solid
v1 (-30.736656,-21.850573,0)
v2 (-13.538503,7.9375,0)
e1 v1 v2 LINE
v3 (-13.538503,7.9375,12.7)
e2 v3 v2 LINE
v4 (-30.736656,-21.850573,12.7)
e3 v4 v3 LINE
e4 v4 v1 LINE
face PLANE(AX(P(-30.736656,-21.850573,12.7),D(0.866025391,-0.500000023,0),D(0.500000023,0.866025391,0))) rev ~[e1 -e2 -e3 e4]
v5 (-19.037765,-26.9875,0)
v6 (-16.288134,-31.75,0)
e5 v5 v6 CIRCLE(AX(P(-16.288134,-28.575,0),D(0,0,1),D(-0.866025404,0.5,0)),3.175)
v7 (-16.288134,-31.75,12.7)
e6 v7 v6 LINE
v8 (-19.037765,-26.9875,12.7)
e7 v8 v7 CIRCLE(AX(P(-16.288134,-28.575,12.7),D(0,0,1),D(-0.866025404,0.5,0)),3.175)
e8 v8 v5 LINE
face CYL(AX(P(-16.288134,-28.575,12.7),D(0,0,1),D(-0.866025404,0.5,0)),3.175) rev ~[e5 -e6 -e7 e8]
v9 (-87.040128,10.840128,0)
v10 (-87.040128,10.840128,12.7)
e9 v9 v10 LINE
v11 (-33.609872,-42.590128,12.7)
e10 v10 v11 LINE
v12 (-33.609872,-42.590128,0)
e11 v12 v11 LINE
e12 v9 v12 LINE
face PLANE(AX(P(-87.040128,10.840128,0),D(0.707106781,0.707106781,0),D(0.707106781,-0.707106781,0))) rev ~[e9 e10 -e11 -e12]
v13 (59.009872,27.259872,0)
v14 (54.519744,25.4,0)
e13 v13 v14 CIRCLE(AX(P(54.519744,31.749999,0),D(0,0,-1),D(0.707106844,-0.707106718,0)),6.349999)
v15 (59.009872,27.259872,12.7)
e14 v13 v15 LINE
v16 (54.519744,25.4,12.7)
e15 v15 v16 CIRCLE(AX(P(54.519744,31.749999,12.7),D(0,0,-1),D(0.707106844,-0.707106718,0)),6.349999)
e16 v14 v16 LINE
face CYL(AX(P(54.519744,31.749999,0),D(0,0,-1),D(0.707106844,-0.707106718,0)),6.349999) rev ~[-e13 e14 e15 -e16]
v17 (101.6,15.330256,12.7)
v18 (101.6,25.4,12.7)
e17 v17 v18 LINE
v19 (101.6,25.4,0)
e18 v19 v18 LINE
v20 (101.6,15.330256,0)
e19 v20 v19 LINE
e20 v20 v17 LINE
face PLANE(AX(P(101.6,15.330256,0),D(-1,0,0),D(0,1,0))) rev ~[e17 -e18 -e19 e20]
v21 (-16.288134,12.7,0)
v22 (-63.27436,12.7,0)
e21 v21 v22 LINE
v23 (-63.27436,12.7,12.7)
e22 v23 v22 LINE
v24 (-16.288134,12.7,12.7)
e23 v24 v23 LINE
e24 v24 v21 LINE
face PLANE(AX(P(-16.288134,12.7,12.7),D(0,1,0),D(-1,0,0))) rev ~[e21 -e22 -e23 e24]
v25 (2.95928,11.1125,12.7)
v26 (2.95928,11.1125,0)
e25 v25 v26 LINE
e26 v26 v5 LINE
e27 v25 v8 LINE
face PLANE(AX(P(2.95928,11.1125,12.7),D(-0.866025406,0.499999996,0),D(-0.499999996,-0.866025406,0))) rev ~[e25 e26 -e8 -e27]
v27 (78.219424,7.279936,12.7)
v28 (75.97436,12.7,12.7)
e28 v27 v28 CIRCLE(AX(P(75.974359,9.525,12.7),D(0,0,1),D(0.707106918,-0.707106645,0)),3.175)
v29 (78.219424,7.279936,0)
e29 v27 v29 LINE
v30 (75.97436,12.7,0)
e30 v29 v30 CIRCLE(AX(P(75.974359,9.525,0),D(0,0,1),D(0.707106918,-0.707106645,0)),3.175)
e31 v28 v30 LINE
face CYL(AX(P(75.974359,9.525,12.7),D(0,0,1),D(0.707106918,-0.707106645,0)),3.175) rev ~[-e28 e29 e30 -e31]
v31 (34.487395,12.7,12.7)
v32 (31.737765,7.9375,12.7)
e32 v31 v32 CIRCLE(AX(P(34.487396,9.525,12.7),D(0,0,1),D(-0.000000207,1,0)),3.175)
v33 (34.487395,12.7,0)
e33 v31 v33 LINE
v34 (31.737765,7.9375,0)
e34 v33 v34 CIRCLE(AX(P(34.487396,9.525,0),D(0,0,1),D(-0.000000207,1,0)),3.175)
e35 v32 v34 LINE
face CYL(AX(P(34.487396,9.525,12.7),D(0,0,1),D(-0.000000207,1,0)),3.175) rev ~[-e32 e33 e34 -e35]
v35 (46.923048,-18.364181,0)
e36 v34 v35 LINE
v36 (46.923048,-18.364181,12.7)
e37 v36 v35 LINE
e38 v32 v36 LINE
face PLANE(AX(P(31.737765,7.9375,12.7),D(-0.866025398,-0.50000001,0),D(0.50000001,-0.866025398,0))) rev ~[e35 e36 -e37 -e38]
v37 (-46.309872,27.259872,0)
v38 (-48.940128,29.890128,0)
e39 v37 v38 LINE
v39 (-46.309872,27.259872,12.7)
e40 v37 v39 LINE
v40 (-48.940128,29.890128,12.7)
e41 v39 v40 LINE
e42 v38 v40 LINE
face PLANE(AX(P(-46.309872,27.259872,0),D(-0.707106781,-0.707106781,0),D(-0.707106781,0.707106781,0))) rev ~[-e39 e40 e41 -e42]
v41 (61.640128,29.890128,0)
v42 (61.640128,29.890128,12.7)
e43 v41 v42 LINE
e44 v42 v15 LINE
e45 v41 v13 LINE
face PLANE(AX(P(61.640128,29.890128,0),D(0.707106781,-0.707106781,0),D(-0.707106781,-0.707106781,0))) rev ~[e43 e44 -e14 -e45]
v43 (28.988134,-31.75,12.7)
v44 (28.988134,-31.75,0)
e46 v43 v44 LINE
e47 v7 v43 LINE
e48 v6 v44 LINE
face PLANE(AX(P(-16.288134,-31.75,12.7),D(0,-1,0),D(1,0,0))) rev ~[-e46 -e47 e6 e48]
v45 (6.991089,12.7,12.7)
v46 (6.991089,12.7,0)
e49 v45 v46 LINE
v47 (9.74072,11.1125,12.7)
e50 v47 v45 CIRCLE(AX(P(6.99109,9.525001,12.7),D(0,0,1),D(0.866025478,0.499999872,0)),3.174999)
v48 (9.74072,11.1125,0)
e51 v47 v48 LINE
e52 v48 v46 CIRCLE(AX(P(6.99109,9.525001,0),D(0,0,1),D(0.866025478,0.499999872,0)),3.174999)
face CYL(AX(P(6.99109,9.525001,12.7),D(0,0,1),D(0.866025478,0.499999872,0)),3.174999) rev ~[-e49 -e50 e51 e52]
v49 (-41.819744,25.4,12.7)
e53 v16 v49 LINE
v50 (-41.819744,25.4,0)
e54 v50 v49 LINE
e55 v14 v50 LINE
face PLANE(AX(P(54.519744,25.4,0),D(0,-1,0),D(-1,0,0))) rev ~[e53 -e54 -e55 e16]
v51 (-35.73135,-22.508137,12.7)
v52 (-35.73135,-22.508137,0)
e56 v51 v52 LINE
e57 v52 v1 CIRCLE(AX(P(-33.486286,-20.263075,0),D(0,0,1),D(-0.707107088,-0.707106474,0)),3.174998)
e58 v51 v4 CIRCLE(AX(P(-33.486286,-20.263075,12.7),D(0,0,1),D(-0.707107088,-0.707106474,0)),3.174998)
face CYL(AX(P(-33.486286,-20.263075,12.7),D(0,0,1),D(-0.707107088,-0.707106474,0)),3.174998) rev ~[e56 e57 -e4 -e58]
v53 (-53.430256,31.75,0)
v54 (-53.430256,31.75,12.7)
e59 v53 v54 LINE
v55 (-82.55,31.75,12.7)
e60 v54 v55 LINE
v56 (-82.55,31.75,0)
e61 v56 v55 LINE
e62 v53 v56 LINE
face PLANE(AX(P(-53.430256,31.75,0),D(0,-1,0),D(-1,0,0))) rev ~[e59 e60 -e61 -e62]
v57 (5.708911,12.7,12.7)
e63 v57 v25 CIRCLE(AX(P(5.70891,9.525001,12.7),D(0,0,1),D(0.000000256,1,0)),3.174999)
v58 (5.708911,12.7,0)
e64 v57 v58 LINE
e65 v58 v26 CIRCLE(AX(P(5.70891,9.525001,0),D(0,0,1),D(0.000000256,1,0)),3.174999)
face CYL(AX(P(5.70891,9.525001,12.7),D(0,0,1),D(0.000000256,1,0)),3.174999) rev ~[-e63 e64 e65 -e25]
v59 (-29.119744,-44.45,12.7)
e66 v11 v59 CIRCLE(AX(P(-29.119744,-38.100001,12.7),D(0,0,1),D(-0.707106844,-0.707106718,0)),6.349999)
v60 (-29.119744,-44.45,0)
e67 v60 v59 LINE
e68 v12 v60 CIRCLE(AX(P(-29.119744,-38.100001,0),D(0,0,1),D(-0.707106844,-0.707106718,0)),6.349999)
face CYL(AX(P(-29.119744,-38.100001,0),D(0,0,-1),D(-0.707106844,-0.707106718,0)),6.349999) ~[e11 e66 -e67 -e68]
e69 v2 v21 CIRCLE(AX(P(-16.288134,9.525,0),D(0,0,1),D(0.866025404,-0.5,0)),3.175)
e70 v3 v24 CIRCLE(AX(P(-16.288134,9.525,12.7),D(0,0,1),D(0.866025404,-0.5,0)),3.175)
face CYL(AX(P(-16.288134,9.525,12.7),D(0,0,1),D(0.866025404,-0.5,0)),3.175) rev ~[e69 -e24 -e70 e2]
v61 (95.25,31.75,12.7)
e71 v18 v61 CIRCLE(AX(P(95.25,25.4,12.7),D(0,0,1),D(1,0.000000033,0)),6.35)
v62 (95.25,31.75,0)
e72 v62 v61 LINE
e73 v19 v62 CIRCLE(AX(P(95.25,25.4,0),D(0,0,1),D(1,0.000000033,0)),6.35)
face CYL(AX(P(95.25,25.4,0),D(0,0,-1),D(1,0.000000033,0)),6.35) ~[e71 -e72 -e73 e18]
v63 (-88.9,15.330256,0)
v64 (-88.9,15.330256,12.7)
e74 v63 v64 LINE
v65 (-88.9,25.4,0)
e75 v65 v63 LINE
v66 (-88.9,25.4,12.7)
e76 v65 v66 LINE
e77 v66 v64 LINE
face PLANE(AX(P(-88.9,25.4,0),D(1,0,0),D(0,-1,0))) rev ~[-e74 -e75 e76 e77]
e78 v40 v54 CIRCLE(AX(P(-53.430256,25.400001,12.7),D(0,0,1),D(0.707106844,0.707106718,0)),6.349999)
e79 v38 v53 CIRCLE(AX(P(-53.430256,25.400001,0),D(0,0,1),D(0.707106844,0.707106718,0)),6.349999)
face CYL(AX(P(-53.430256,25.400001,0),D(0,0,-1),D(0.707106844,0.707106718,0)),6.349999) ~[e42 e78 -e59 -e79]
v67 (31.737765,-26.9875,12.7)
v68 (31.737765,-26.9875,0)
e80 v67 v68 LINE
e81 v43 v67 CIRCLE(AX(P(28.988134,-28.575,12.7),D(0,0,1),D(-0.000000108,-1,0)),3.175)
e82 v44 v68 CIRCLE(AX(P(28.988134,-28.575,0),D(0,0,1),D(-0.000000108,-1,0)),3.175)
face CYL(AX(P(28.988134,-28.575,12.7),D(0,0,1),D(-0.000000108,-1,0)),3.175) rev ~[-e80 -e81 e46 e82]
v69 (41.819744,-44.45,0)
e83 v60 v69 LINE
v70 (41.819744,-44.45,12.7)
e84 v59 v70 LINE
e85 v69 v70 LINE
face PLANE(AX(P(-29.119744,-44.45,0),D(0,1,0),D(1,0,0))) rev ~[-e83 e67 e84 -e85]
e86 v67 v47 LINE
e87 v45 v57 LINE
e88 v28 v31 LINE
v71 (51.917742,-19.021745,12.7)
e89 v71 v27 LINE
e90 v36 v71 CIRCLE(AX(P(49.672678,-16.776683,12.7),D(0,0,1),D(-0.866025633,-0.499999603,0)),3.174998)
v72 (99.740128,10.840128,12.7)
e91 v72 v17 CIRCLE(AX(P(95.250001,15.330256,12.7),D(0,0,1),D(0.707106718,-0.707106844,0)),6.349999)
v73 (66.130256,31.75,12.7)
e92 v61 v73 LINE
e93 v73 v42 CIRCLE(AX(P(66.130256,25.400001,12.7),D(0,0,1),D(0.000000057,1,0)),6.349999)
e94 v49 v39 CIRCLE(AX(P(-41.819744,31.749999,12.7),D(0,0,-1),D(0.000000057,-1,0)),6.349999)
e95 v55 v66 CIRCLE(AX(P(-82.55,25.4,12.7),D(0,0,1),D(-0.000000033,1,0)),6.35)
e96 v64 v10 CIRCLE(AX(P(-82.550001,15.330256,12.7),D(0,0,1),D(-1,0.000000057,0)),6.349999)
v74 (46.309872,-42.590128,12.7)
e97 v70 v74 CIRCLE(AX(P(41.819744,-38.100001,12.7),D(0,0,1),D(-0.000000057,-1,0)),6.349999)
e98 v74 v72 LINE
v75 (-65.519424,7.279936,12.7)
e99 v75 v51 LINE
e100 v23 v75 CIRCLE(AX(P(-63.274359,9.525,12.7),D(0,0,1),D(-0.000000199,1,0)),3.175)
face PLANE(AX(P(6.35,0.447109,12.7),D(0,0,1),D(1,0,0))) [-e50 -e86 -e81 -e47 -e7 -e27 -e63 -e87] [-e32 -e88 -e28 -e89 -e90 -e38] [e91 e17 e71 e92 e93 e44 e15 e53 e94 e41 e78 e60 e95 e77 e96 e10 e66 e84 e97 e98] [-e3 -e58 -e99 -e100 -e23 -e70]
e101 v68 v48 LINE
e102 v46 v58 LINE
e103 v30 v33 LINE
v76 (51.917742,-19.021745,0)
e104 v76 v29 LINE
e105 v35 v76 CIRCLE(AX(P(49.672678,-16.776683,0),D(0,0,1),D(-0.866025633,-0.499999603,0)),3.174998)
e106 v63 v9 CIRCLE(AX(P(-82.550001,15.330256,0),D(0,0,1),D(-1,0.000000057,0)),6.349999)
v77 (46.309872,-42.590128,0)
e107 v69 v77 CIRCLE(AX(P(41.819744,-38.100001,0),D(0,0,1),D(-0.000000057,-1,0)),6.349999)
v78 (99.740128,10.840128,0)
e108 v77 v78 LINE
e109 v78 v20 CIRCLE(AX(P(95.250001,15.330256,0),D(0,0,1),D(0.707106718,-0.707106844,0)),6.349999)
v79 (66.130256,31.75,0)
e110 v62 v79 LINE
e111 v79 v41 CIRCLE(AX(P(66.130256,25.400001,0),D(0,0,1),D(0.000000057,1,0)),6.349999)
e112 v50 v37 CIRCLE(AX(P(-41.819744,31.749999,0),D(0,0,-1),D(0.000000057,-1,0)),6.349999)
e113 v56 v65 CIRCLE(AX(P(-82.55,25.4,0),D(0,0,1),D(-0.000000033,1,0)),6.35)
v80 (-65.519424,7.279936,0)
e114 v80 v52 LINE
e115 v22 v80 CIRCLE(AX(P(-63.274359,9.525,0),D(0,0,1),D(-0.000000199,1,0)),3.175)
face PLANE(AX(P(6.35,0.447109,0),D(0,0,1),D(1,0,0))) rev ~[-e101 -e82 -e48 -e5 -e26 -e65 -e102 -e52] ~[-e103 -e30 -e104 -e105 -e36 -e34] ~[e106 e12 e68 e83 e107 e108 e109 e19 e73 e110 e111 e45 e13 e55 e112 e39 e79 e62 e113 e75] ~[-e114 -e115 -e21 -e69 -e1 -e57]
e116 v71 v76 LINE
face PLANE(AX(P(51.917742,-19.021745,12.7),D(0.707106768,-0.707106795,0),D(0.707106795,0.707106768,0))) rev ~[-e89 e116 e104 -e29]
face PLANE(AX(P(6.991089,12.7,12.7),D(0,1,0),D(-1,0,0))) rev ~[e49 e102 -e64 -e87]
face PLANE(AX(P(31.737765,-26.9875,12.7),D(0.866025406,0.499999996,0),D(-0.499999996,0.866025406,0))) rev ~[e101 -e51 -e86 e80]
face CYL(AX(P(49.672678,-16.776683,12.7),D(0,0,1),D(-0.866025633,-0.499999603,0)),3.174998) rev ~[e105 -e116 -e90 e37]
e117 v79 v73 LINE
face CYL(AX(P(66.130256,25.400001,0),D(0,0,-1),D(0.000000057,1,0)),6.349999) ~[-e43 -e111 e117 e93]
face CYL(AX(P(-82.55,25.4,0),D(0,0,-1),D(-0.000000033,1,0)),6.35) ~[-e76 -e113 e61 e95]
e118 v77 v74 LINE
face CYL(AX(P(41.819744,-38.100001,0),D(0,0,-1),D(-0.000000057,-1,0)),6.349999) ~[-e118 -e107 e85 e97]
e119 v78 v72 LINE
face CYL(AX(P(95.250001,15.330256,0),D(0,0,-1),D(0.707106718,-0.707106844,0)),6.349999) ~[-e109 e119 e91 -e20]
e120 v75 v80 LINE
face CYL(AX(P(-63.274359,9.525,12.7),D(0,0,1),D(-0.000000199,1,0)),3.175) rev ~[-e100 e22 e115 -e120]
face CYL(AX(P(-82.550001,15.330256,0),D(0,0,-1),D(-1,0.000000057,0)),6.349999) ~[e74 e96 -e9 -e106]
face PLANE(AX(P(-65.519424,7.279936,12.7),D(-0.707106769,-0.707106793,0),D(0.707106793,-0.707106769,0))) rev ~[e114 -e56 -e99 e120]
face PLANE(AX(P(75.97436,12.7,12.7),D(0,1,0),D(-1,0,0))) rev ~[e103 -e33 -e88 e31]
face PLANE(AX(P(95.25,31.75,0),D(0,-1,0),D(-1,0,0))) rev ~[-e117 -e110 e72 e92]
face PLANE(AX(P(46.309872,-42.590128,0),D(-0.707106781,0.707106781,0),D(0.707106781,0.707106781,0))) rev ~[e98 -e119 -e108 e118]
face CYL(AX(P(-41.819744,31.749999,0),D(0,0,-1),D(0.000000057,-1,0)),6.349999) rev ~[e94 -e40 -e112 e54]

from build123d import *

# Parameters (mm, degrees)
F1_DEPTH = 12.7
F3_DEPTH = 12.701


with BuildPart() as f1:
    # F0 (on Top) → F1 (new body)
    with BuildSketch(Plane.XY):
        with BuildLine():
            Line((-53.430256, 31.75), (-82.55, 31.75))
            ThreePointArc((-82.55, 31.75), (-87.040128, 29.890128), (-88.9, 25.4))
            Line((-88.9, 25.4), (-88.9, 15.330256))
            ThreePointArc((-88.9, 15.330256), (-88.416635, 12.900216), (-87.040128, 10.840128))
            Line((-87.040128, 10.840128), (-33.609872, -42.590128))
            ThreePointArc((-33.609872, -42.590128), (-31.549784, -43.966635), (-29.119744, -44.45))
            Line((-29.119744, -44.45), (41.819744, -44.45))
            ThreePointArc((41.819744, -44.45), (44.249784, -43.966635), (46.309872, -42.590128))
            Line((46.309872, -42.590128), (99.740128, 10.840128))
            ThreePointArc((99.740128, 10.840128), (101.116635, 12.900216), (101.6, 15.330256))
            Line((101.6, 15.330256), (101.6, 25.4))
            ThreePointArc((101.6, 25.4), (99.740128, 29.890128), (95.25, 31.75))
            Line((95.25, 31.75), (66.130256, 31.75))
            ThreePointArc((66.130256, 31.75), (63.700216, 31.266635), (61.640128, 29.890128))
            Line((61.640128, 29.890128), (59.009872, 27.259872))
            ThreePointArc((59.009872, 27.259872), (56.949784, 25.883365), (54.519744, 25.4))
            Line((54.519744, 25.4), (-41.819744, 25.4))
            ThreePointArc((-41.819744, 25.4), (-44.249784, 25.883365), (-46.309872, 27.259872))
            Line((-46.309872, 27.259872), (-48.940128, 29.890128))
            ThreePointArc((-48.940128, 29.890128), (-51.000216, 31.266635), (-53.430256, 31.75))
        make_face()
    extrude(amount=F1_DEPTH)

    # F2 (on face) → F3 (cut, through all)
    with BuildSketch(Plane.XY.offset(12.7)):
        with BuildLine():
            ThreePointArc((5.708911, 12.7), (4.121411, 12.274631), (2.95928, 11.1125))
            Line((2.95928, 11.1125), (-19.037765, -26.9875))
            ThreePointArc((-19.037765, -26.9875), (-19.037765, -30.1625), (-16.288134, -31.75))
            Line((-16.288134, -31.75), (28.988134, -31.75))
            ThreePointArc((28.988134, -31.75), (31.737765, -30.1625), (31.737765, -26.9875))
            Line((31.737765, -26.9875), (9.74072, 11.1125))
            ThreePointArc((9.74072, 11.1125), (8.578589, 12.274631), (6.991089, 12.7))
            Line((6.991089, 12.7), (5.708911, 12.7))
        make_face()
        with BuildLine():
            ThreePointArc((34.487395, 12.7), (31.737765, 11.1125), (31.737765, 7.9375))
            Line((31.737765, 7.9375), (46.923048, -18.364181))
            ThreePointArc((46.923048, -18.364181), (49.258258, -19.924519), (51.917742, -19.021745))
            Line((51.917742, -19.021745), (78.219424, 7.279936))
            ThreePointArc((78.219424, 7.279936), (78.907677, 10.74002), (75.97436, 12.7))
            Line((75.97436, 12.7), (34.487395, 12.7))
        make_face()
        with BuildLine():
            ThreePointArc((-63.27436, 12.7), (-66.207677, 10.74002), (-65.519424, 7.279936))
            Line((-65.519424, 7.279936), (-35.73135, -22.508137))
            ThreePointArc((-35.73135, -22.508137), (-33.071866, -23.410911), (-30.736656, -21.850573))
            Line((-30.736656, -21.850573), (-13.538503, 7.9375))
            ThreePointArc((-13.538503, 7.9375), (-13.538503, 11.1125), (-16.288134, 12.7))
            Line((-16.288134, 12.7), (-63.27436, 12.7))
        make_face()
    extrude(amount=-F3_DEPTH, mode=Mode.SUBTRACT)


solid = f1.part
